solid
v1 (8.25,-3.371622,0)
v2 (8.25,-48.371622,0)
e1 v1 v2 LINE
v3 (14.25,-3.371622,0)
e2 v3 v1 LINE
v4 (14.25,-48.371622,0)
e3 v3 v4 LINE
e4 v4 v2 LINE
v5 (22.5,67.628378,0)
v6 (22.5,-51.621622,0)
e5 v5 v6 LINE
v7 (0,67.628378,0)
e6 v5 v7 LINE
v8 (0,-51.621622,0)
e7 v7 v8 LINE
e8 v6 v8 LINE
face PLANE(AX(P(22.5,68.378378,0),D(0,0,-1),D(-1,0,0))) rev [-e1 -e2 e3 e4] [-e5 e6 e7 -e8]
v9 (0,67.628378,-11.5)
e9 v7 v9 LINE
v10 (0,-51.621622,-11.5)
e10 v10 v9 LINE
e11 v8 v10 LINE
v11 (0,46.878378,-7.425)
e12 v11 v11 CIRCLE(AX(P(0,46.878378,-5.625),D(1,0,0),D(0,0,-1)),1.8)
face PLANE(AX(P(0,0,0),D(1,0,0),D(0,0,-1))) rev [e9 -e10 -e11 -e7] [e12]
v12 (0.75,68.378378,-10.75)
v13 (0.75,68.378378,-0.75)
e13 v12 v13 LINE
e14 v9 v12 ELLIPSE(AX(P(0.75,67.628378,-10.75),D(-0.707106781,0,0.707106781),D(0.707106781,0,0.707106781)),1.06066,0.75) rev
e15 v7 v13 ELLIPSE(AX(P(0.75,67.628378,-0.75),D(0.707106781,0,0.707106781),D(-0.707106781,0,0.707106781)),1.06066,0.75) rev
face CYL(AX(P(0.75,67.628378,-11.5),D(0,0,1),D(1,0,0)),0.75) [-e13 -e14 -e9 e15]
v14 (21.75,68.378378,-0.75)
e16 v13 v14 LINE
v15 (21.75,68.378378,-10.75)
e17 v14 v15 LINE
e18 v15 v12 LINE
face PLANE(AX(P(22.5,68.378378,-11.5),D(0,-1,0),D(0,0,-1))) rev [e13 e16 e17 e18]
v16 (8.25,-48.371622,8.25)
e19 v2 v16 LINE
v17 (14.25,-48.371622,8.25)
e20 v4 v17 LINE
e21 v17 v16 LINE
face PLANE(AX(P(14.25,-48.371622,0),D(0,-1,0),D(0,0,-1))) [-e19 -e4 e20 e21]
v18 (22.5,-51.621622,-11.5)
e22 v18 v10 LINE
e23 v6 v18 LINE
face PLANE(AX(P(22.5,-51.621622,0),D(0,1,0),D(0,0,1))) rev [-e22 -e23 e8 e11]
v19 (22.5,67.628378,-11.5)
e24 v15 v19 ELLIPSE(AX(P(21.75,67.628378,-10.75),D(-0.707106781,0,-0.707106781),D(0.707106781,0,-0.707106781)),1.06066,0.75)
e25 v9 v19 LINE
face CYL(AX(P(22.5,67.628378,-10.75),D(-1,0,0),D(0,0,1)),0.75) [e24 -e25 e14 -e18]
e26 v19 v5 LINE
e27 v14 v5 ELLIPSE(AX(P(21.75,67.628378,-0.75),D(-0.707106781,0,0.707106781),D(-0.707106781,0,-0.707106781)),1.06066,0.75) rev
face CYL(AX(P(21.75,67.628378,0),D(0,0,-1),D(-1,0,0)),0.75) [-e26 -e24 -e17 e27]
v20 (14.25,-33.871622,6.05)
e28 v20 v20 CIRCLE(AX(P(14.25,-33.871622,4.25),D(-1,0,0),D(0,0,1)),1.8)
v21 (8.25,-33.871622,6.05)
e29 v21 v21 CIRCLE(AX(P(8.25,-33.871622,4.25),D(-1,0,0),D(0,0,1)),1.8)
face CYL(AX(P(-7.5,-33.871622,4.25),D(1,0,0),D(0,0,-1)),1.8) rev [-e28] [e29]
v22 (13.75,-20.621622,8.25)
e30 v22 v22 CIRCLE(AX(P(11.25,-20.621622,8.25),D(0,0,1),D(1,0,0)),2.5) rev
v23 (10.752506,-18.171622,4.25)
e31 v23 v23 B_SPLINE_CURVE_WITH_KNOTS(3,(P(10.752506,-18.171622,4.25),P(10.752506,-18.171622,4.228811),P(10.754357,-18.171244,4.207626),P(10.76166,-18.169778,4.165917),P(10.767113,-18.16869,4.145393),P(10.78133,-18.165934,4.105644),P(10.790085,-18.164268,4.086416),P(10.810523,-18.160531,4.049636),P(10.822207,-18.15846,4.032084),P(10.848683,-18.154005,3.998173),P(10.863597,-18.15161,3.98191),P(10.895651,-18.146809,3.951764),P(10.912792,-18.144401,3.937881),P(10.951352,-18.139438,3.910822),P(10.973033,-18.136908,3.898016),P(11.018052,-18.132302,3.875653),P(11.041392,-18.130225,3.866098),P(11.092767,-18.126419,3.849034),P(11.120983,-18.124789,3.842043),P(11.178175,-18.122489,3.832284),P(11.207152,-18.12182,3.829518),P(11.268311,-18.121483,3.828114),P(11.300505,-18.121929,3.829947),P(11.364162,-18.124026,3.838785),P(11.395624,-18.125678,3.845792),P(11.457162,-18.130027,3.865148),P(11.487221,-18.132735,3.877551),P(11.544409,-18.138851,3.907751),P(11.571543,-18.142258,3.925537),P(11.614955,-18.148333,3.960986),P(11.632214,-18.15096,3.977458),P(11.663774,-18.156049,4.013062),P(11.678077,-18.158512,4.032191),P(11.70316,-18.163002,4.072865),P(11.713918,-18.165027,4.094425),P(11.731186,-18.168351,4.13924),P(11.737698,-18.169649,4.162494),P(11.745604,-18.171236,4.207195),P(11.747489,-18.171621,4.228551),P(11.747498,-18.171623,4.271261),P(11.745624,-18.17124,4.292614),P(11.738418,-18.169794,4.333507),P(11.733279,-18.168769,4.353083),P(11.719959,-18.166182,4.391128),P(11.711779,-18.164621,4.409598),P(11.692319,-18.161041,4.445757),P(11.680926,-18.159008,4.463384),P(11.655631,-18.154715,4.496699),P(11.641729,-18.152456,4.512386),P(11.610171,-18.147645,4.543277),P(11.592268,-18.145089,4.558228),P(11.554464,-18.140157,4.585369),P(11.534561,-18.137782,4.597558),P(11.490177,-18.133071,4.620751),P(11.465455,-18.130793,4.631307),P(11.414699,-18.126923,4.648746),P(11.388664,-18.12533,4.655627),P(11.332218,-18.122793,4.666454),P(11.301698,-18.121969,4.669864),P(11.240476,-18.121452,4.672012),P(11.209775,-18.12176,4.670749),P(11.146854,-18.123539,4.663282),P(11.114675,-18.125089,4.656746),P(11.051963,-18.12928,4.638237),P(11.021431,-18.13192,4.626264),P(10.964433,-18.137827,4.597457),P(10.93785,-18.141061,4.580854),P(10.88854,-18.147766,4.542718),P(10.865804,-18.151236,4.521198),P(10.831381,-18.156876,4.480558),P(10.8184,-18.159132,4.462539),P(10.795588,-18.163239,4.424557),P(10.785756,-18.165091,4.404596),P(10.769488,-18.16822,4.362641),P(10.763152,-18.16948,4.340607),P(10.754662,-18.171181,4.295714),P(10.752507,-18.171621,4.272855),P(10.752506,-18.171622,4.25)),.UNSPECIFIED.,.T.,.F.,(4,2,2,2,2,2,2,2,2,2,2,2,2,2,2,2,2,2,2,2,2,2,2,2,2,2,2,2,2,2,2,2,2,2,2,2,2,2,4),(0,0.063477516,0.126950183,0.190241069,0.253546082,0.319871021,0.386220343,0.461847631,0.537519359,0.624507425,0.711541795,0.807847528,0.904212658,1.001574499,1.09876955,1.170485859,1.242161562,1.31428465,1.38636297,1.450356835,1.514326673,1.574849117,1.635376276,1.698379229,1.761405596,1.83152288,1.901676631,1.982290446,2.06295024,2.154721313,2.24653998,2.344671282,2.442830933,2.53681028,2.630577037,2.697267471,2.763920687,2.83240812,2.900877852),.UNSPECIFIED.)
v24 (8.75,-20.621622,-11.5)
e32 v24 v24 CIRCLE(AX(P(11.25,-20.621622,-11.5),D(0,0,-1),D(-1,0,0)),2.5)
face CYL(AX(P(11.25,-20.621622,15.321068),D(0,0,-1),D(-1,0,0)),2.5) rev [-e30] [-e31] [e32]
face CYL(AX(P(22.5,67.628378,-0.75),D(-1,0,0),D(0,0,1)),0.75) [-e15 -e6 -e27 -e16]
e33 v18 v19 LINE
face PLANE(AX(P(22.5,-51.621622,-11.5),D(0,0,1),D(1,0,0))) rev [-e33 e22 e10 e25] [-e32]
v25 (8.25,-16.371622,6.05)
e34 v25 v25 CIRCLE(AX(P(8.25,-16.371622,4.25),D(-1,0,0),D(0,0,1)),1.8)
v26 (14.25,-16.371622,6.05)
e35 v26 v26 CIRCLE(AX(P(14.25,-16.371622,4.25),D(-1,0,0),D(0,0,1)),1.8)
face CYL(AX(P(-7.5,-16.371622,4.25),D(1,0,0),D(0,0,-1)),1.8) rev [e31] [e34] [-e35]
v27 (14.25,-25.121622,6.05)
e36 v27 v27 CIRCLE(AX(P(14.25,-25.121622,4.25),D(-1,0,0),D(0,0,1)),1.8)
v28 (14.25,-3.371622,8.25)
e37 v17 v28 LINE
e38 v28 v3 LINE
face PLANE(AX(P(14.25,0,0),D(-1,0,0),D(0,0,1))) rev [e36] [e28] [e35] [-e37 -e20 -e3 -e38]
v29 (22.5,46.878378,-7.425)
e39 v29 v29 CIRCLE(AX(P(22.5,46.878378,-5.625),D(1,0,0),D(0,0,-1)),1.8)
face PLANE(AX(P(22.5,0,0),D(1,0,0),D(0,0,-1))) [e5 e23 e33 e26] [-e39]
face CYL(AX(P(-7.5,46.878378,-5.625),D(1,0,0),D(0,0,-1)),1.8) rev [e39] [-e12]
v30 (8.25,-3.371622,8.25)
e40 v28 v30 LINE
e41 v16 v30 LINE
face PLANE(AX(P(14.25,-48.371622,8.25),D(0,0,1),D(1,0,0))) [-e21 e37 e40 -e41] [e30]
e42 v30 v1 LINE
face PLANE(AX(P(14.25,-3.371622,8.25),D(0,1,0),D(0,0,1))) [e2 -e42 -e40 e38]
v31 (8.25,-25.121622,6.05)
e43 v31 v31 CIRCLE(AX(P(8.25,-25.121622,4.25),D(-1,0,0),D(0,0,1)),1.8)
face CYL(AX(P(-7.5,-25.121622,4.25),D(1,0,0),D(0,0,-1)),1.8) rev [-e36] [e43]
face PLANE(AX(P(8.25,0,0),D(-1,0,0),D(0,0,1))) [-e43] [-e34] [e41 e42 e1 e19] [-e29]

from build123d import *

# Parameters (mm, degrees)
ESBO_O1_W                = 11.5
ESBO_O1_H                = 120
RESSALTO_EXTRUS_O1_DEPTH = 22.5
ESBO_O5_W                = 8.25
ESBO_O5_H                = 45
RESSALTO_EXTRUS_O2_DEPTH = 6
ESBO_O7_R                = 1.8
CORTE_EXTRUS_O1_DEPTH    = 30
CORTE_EXTRUS_O3_REACH    = 76.645
ESBO_O10_R               = 2.5
FILLET1_R                = 0.75


with BuildPart() as part:
    # Esboço1 → Ressalto-extrusão1 (new body)
    with BuildSketch(Plane(origin=(0, 0, 0), x_dir=(0, 0, -1), z_dir=(1, 0, 0))):
        with Locations((5.75, 8.378378378)):
            Rectangle(ESBO_O1_W, ESBO_O1_H)
    extrude(amount=RESSALTO_EXTRUS_O1_DEPTH)

    # Esboço5 → Ressalto-extrusão2 (add)
    with BuildSketch(Plane.ZY.offset(-8.25)):
        with Locations((4.125, -25.871621622)):
            Rectangle(ESBO_O5_W, ESBO_O5_H)
    extrude(amount=-RESSALTO_EXTRUS_O2_DEPTH)

    # Esboço7 → Corte-extrusão1 (cut)
    with BuildSketch(Plane(origin=(22.5, 0, 0), x_dir=(0, 0, -1), z_dir=(1, 0, 0))):
        with Locations((5.625, 46.878378378)):
            Circle(ESBO_O7_R)
        with Locations(Location((-4.25, -33.871621622, 0), (0, 0, 180))):
            Circle(ESBO_O7_R)
        with Locations(Location((-4.25, -25.121621622, 0), (0, 0, 180))):
            Circle(ESBO_O7_R)
        with Locations(Location((-4.25, -16.371621622, 0), (0, 0, 180))):
            Circle(ESBO_O7_R)
    extrude(amount=-CORTE_EXTRUS_O1_DEPTH, mode=Mode.SUBTRACT)

    # Corte-extrusão3: up to this face of the body (flat: up to its plane)
    corte_extrus_o3_end = Plane(part.part.faces().sort_by_distance((11.25, -25.871621622, 8.25))[0])
    # Esboço10 → Corte-extrusão3 (cut, up to the picked face)
    with BuildSketch(Plane(origin=(0, 0, -11.5), x_dir=(-1, 0, 0), z_dir=(0, 0, -1)), mode=Mode.PRIVATE) as corte_extrus_o3_sk1:
        with Locations((-11.25, -20.621621622)):
            Circle(ESBO_O10_R)
    corte_extrus_o3_tool1 = split(extrude(corte_extrus_o3_sk1.sketch, amount=-CORTE_EXTRUS_O3_REACH, mode=Mode.PRIVATE), bisect_by=corte_extrus_o3_end, keep=Keep.BOTH, mode=Mode.PRIVATE)
    add(corte_extrus_o3_tool1.solids().sort_by(Axis((11.25, -20.621622, -11.5), (0, 0, 1)))[0], mode=Mode.SUBTRACT)

    # Fillet1
    fillet1_edges = [part.edges().sort_by_distance(p)[0] for p in [
        (22.5, 68.378378378, -5.75),
        (0, 68.378378378, -5.75),
        (11.25, 68.378378378, -11.5),
        (11.25, 68.378378378, 0),
    ]]
    fillet(fillet1_edges, radius=FILLET1_R)


solid = part.part
